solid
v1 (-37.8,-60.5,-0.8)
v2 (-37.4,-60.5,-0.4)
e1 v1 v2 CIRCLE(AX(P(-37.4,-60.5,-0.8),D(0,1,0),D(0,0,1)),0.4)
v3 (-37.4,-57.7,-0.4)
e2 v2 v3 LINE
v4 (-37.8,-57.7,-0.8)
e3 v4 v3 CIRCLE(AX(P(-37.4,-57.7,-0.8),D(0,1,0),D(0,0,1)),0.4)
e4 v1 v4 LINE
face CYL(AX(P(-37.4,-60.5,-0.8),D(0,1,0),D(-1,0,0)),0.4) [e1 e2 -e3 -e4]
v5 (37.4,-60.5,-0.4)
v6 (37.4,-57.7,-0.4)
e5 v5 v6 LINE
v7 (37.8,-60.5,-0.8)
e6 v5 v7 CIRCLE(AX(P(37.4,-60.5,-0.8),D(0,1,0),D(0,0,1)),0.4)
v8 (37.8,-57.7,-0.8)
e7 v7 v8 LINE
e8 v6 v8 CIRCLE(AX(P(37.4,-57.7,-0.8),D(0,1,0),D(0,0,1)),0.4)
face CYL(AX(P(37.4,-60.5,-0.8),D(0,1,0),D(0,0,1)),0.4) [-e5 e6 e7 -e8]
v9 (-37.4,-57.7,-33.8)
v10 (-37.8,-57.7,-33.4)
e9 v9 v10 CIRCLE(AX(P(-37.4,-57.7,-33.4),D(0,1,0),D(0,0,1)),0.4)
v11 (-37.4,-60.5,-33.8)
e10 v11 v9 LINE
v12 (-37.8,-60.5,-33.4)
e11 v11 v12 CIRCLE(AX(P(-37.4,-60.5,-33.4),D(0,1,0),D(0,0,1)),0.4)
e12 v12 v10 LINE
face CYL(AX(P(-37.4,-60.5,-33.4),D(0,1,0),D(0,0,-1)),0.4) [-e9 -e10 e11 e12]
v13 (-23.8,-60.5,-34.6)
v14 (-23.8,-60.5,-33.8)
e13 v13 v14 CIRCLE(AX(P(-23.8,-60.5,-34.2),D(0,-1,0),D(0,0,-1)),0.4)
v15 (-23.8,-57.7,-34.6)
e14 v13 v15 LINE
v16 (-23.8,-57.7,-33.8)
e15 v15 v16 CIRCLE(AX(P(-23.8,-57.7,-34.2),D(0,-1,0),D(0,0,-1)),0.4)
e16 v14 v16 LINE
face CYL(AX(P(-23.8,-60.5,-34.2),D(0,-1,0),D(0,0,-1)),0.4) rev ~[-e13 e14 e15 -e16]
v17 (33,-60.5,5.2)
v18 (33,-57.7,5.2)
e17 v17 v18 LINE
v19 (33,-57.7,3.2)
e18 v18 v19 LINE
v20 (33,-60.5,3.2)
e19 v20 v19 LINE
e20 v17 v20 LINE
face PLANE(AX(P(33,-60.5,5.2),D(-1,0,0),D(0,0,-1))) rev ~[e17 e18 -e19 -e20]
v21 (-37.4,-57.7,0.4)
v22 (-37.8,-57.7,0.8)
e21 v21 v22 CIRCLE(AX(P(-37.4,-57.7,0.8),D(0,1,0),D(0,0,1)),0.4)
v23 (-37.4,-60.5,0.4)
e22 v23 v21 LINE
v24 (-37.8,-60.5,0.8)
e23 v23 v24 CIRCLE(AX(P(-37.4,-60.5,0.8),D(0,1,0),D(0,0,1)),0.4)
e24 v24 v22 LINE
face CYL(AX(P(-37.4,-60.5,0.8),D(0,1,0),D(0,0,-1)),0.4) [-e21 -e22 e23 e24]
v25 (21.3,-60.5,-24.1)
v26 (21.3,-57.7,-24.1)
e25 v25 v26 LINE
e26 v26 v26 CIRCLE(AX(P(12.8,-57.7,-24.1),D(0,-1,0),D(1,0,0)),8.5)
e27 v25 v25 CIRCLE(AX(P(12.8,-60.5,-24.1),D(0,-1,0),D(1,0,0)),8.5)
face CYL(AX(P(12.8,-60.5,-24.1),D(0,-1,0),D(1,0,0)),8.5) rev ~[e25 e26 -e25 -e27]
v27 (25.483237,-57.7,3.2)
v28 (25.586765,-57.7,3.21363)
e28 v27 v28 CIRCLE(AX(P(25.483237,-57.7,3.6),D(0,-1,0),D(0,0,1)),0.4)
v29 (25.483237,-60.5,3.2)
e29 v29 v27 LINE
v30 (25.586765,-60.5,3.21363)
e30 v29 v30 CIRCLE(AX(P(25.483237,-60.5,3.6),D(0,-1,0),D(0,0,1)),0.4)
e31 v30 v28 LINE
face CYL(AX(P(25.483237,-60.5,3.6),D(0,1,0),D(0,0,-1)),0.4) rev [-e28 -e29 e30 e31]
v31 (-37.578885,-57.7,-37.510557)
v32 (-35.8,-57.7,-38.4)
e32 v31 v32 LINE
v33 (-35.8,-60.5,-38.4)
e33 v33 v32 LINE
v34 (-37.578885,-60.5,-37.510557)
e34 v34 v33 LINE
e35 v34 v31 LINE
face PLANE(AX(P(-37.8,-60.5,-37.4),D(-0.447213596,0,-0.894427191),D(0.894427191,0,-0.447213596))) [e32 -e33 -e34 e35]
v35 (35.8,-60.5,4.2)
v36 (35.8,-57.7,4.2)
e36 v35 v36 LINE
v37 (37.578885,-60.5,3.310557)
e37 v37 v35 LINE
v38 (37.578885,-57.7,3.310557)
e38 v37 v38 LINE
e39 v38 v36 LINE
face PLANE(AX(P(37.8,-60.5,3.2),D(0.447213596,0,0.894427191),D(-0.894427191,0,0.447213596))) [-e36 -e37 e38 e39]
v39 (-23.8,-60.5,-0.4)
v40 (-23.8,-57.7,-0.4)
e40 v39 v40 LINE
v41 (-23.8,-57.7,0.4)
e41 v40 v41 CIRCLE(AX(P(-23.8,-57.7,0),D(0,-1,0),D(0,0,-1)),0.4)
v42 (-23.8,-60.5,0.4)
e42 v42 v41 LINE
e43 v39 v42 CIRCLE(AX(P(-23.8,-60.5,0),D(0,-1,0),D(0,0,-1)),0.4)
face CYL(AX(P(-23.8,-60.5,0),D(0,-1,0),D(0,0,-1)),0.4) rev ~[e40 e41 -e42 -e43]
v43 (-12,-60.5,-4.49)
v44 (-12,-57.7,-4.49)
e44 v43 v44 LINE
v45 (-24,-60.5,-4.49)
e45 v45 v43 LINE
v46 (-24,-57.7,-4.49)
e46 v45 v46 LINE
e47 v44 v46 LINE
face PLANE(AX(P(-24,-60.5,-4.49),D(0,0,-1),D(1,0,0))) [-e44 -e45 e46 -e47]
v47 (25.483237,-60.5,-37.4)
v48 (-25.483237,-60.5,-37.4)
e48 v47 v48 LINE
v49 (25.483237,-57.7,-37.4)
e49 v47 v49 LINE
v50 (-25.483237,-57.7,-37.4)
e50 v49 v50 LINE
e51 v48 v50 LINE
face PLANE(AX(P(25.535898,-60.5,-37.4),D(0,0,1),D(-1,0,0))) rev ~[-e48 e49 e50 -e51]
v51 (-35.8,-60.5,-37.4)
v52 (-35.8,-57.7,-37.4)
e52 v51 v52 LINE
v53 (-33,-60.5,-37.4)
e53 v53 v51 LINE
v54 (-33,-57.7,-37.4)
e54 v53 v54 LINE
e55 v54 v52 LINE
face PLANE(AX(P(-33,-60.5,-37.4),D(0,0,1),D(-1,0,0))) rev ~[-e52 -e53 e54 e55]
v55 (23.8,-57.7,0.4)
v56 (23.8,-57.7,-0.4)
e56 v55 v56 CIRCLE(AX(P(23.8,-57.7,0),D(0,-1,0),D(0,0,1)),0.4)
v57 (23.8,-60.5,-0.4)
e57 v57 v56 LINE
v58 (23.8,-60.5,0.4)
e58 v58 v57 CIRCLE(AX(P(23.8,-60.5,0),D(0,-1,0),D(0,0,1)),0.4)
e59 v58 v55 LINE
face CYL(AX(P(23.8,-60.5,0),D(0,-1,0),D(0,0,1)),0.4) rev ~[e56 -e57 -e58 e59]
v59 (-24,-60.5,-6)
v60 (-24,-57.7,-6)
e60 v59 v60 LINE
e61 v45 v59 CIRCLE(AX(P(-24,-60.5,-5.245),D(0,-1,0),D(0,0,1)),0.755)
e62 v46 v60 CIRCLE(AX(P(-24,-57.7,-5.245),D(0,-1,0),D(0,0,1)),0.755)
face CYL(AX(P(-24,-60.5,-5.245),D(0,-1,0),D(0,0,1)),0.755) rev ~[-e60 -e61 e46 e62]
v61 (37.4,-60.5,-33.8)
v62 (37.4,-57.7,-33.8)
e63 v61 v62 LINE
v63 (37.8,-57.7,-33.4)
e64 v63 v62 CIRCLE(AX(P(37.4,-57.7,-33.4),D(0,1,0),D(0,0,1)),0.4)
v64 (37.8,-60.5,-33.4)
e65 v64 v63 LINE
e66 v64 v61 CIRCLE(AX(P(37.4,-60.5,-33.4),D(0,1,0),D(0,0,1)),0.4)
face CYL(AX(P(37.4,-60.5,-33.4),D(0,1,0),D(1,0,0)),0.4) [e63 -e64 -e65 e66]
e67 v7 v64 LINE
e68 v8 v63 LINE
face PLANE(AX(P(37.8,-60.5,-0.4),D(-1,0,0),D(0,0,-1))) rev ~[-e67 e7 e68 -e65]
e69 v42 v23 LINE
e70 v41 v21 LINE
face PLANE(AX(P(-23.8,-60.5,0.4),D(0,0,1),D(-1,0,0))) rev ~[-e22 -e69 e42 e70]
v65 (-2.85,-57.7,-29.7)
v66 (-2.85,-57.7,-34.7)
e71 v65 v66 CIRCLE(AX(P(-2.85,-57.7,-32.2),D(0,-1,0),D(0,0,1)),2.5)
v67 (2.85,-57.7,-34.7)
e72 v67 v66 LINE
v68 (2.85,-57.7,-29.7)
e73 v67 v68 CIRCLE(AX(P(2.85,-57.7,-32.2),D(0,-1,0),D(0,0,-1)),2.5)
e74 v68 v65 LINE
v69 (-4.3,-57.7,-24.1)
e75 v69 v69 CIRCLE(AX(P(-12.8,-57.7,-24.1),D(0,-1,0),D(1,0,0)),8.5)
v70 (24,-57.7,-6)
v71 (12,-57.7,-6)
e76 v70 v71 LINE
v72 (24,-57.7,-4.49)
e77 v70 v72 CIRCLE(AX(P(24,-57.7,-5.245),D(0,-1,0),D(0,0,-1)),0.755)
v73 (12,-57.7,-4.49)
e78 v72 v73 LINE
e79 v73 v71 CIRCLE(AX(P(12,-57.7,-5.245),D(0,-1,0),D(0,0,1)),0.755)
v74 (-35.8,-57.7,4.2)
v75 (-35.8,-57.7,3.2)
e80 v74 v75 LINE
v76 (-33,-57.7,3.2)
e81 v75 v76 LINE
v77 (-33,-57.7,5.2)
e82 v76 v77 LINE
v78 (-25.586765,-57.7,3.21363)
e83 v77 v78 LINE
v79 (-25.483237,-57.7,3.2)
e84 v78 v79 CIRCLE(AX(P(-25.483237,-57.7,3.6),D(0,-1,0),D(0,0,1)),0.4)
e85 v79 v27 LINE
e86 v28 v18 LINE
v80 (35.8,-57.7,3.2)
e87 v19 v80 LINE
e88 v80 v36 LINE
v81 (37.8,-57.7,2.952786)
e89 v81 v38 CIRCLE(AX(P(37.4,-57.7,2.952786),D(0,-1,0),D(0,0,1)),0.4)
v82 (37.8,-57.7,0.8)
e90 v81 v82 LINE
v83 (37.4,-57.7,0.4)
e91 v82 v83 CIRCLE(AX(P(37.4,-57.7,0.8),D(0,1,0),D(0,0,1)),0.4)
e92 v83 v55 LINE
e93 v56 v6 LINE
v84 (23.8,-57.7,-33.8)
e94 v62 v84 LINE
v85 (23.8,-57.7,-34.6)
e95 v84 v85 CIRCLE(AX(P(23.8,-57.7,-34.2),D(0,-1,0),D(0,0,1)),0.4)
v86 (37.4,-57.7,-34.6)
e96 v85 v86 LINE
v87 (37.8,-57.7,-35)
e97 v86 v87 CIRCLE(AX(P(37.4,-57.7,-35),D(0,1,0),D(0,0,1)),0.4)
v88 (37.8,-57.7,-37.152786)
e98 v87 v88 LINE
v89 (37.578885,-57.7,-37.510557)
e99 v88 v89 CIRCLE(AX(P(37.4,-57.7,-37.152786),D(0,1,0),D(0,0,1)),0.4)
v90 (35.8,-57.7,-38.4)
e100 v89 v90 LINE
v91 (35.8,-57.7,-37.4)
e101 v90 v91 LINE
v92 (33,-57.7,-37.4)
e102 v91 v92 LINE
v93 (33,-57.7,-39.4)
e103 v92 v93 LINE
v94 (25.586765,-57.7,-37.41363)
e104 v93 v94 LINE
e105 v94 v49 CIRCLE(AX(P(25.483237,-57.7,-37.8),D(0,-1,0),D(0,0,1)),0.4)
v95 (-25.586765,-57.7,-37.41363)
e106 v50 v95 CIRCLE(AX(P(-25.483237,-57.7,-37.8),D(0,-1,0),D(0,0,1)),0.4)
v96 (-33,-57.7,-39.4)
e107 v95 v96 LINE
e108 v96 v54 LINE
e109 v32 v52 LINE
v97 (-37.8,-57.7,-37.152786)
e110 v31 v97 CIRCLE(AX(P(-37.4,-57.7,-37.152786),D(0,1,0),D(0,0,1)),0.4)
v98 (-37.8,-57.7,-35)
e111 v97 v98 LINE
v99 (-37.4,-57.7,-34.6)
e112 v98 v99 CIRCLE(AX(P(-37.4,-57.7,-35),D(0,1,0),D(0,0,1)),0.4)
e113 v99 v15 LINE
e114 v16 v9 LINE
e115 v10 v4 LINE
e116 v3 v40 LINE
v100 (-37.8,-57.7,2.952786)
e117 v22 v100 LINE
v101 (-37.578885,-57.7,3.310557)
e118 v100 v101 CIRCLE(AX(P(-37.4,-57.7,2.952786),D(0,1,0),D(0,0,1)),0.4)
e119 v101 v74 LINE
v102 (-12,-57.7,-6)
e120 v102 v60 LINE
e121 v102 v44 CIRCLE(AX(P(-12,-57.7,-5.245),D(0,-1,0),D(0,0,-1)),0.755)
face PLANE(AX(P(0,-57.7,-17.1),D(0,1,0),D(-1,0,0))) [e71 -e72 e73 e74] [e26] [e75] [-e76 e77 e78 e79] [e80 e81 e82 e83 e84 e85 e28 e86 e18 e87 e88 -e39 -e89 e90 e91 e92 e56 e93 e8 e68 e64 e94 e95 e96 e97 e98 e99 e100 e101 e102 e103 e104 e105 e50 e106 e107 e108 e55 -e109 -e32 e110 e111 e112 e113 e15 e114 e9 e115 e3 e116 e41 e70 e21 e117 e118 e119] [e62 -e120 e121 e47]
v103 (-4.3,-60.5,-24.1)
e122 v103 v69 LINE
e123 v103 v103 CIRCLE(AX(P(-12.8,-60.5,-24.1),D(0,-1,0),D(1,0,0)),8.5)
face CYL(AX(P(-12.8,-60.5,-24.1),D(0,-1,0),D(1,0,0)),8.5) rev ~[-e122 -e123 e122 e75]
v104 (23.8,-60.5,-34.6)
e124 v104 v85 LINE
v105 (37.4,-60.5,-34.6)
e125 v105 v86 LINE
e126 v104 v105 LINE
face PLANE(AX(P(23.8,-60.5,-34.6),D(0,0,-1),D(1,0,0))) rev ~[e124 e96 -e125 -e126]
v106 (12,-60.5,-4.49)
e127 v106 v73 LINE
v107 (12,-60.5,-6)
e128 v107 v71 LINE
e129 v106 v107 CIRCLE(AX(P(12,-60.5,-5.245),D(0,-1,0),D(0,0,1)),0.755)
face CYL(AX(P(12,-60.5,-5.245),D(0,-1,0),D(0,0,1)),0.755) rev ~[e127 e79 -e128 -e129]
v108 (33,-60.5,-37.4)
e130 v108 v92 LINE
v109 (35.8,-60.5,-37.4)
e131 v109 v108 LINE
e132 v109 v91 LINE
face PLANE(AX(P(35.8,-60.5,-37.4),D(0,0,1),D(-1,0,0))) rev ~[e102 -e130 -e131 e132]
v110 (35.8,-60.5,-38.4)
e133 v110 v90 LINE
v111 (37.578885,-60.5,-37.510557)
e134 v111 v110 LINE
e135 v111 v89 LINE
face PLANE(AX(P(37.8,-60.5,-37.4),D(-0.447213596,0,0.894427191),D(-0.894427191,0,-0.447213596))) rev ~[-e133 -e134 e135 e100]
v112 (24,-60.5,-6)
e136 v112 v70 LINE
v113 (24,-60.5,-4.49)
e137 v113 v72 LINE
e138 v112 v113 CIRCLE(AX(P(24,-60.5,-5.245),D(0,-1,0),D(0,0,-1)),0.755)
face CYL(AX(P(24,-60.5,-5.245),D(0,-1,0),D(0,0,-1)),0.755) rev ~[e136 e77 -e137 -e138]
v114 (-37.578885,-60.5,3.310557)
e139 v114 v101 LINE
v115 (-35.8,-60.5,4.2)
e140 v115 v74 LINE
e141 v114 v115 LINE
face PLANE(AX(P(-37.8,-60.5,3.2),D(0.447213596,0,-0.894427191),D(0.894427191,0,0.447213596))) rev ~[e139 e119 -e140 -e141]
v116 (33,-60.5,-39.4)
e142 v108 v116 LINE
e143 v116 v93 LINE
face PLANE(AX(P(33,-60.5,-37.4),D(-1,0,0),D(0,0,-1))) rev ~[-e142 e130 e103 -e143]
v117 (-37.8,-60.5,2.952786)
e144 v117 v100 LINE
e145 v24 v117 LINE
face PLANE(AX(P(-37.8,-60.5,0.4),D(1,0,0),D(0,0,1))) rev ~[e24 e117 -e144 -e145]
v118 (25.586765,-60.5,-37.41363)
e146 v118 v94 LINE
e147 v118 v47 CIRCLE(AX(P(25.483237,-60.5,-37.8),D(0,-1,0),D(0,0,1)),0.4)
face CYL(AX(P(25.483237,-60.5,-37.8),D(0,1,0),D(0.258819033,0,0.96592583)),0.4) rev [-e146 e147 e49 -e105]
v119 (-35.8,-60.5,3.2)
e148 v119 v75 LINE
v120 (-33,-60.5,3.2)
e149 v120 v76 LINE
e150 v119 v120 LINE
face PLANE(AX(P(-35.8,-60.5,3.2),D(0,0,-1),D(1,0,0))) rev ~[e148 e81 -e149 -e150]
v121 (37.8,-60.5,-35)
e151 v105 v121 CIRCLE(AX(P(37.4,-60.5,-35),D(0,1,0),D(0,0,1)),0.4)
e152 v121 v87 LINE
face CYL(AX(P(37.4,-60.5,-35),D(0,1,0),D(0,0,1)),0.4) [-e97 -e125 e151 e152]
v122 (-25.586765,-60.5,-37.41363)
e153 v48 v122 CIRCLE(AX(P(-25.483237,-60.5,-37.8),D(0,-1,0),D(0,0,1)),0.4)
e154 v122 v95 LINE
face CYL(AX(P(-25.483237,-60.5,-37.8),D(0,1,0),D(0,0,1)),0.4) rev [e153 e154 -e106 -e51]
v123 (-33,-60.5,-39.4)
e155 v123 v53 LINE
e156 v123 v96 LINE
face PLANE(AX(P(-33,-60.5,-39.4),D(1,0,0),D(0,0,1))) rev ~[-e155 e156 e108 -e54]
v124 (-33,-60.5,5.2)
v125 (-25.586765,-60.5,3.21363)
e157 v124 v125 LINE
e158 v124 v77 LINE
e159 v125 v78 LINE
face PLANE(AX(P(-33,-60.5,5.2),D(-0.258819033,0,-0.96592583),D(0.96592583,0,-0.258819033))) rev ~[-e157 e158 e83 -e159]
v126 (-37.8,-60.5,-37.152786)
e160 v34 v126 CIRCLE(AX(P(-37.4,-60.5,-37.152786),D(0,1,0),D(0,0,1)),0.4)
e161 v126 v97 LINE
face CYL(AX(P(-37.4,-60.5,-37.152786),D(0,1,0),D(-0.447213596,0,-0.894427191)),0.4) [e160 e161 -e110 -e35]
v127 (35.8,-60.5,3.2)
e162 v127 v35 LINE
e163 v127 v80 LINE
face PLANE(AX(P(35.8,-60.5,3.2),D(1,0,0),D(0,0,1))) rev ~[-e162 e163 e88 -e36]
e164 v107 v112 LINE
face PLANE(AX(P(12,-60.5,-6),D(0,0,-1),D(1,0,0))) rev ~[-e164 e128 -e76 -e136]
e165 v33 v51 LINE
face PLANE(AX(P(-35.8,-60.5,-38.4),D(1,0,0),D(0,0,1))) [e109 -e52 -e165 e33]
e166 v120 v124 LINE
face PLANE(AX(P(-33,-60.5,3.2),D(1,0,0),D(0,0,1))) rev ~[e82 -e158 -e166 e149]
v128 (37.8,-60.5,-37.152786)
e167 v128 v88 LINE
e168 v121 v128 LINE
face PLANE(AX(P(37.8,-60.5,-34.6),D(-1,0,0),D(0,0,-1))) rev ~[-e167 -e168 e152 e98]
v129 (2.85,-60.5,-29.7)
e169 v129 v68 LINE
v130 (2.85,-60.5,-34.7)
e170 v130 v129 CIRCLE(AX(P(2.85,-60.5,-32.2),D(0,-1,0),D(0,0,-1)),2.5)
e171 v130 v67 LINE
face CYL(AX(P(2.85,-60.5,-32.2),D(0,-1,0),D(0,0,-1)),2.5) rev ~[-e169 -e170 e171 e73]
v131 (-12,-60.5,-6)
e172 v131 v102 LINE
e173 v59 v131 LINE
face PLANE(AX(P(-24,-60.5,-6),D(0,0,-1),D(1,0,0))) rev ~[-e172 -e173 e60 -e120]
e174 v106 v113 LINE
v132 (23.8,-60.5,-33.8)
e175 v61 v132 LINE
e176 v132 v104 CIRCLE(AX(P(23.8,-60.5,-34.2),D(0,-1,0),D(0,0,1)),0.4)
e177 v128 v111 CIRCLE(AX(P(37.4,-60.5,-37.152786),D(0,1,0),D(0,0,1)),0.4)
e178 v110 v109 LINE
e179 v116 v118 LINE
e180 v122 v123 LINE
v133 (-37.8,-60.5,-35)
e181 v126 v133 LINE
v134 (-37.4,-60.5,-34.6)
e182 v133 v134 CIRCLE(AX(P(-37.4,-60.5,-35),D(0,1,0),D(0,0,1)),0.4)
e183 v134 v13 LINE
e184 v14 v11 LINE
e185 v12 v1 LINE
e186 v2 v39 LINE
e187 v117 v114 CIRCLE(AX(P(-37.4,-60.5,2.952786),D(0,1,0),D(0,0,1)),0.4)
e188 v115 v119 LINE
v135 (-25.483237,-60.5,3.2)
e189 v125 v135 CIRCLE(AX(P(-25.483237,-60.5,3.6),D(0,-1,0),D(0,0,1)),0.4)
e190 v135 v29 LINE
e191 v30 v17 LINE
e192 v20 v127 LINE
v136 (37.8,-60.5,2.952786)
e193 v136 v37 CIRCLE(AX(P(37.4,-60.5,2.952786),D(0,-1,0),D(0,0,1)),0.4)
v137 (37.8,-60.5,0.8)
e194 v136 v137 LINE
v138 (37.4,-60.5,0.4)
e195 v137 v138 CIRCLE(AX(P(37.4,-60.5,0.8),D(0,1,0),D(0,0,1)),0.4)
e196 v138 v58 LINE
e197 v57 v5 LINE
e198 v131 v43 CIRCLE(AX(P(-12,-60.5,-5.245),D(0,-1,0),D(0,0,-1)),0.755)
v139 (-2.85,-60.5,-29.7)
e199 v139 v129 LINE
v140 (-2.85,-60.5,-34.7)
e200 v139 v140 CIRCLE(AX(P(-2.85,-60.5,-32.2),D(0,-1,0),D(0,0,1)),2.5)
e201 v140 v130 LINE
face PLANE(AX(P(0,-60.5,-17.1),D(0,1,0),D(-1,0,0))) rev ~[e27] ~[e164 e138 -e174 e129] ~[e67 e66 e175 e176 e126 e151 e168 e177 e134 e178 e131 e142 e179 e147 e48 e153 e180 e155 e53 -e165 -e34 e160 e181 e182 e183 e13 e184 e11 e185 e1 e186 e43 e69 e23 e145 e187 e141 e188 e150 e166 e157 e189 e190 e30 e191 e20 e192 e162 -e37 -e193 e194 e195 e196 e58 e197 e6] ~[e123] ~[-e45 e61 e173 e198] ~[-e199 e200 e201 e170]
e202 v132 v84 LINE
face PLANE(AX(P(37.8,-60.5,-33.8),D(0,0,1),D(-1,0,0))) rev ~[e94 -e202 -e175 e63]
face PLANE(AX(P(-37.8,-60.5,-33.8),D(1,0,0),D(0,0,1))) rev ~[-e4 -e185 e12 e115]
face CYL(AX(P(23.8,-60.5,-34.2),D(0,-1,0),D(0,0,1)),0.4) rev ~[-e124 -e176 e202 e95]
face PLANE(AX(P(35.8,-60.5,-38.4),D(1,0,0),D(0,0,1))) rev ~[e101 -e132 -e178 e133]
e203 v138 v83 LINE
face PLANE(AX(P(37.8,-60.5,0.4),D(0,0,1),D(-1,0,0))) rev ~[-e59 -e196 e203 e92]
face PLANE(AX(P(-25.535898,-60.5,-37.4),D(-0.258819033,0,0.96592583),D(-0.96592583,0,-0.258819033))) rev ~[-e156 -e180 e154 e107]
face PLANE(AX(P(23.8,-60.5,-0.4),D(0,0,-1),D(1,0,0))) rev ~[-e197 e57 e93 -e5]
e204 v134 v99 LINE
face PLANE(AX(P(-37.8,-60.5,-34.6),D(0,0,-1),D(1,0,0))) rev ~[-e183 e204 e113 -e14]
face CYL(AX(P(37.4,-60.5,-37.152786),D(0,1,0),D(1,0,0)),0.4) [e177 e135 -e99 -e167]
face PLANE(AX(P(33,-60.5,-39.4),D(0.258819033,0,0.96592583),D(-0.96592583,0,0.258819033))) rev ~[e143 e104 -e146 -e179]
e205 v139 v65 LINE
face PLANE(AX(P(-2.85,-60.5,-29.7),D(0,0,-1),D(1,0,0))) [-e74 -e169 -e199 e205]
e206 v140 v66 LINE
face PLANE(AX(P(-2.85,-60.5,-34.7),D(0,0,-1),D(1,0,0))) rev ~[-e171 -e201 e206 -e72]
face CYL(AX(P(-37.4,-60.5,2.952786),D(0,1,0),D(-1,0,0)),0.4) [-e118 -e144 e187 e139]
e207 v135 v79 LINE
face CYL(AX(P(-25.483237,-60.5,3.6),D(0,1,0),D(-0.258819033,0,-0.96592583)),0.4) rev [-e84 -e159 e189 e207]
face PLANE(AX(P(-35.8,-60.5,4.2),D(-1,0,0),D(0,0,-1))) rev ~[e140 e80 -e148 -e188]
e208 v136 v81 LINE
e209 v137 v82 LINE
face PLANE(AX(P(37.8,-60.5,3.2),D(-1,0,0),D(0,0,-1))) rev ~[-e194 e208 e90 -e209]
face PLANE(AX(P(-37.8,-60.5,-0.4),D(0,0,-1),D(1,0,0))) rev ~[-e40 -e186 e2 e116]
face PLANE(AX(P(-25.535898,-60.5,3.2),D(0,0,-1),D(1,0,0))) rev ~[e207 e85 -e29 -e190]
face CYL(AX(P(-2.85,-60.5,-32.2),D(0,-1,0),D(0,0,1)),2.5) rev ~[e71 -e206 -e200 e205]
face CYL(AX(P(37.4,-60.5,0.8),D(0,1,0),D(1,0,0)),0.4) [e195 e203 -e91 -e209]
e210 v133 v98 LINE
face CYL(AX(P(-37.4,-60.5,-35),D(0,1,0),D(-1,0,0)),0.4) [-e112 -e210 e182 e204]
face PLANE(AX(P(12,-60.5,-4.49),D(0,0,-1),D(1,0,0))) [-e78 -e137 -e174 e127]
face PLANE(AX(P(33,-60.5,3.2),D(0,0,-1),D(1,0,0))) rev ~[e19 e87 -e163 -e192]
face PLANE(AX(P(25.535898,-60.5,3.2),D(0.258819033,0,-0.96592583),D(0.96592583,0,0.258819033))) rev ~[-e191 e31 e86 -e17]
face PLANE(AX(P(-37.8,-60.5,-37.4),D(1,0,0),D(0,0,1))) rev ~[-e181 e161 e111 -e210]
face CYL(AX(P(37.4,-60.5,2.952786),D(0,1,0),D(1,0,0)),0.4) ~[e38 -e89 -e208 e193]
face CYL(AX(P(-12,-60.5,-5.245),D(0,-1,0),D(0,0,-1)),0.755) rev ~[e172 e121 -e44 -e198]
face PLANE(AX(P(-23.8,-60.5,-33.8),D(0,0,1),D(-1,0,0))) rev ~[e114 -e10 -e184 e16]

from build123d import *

# Parameters (mm, degrees)
PAD009_DEPTH    = 2.8
FILLET004_R     = 0.4
POCKET014_DEPTH = 2.801
SKETCH028_R     = 8.5
POCKET017_DEPTH = 2.801


with BuildPart() as part:
    # Sketch009 → Pad009 (new body)
    with BuildSketch(Plane.XZ.offset(60.5)):
        with BuildLine():
            Line((37.8, 3.2), (37.8, 0.4))
            Line((37.8, 0.4), (23.8, 0.4))
            ThreePointArc((23.8, 0.4), (23.4, 0), (23.8, -0.4))
            Line((23.8, -0.4), (37.8, -0.4))
            Line((37.8, -0.4), (37.8, -33.8))
            Line((37.8, -33.8), (23.8, -33.8))
            ThreePointArc((23.8, -33.8), (23.4, -34.2), (23.8, -34.6))
            Line((23.8, -34.6), (37.8, -34.6))
            Line((37.8, -34.6), (37.8, -37.4))
            Line((37.8, -37.4), (35.8, -38.4))
            Line((35.8, -38.4), (35.8, -37.4))
            Line((35.8, -37.4), (33, -37.4))
            Line((33, -37.4), (33, -39.4))
            Line((33, -39.4), (25.535898, -37.4))
            Line((25.535898, -37.4), (-25.535898, -37.4))
            Line((-25.535898, -37.4), (-33, -39.4))
            Line((-33, -39.4), (-33, -37.4))
            Line((-33, -37.4), (-35.8, -37.4))
            Line((-35.8, -38.4), (-35.8, -37.4))
            Line((-37.8, -37.4), (-35.8, -38.4))
            Line((-37.8, -37.4), (-37.8, -34.6))
            Line((-37.8, -34.6), (-23.8, -34.6))
            ThreePointArc((-23.8, -34.6), (-23.4, -34.2), (-23.8, -33.8))
            Line((-23.8, -33.8), (-37.8, -33.8))
            Line((-37.8, -33.8), (-37.8, -0.4))
            Line((-37.8, -0.4), (-23.8, -0.4))
            ThreePointArc((-23.8, -0.4), (-23.4, 0), (-23.8, 0.4))
            Line((-23.8, 0.4), (-37.8, 0.4))
            Line((-37.8, 0.4), (-37.8, 3.2))
            Line((-37.8, 3.2), (-35.8, 4.2))
            Line((-35.8, 4.2), (-35.8, 3.2))
            Line((-35.8, 3.2), (-33, 3.2))
            Line((-33, 3.2), (-33, 5.2))
            Line((-33, 5.2), (-25.535898, 3.2))
            Line((-25.535898, 3.2), (25.535898, 3.2))
            Line((25.535898, 3.2), (33, 5.2))
            Line((33, 5.2), (33, 3.2))
            Line((33, 3.2), (35.8, 3.2))
            Line((35.8, 3.2), (35.8, 4.2))
            Line((37.8, 3.2), (35.8, 4.2))
        make_face()
    extrude(amount=-PAD009_DEPTH)

    # Fillet004
    fillet004_edges = [part.edges().sort_by_distance(p)[0] for p in [
        (37.8, -59.1, -0.4),
        (37.8, -59.1, 0.4),
        (37.8, -59.1, 3.2),
        (25.535898, -59.1, 3.2),
        (-25.535898, -59.1, 3.2),
        (-37.8, -59.1, 3.2),
        (-37.8, -59.1, 0.4),
        (-37.8, -59.1, -0.4),
        (-37.8, -59.1, -33.8),
        (-37.8, -59.1, -34.6),
        (-37.8, -59.1, -37.4),
        (-25.535898, -59.1, -37.4),
        (25.535898, -59.1, -37.4),
        (37.8, -59.1, -37.4),
        (37.8, -59.1, -34.6),
        (37.8, -59.1, -33.8),
    ]]
    fillet(fillet004_edges, radius=FILLET004_R)

    # Sketch025 → Pocket014 (cut, through all)
    with BuildSketch(Plane.XZ.offset(60.5)):
        with BuildLine():
            ThreePointArc((-24, -4.49), (-24.755, -5.245), (-24, -6))
            Line((-24, -6), (-12, -6))
            ThreePointArc((-12, -6), (-11.245, -5.245), (-12, -4.49))
            Line((-24, -4.49), (-12, -4.49))
        make_face()
        with BuildLine():
            ThreePointArc((12, -4.49), (11.245, -5.245), (12, -6))
            Line((12, -6), (24, -6))
            ThreePointArc((24, -6), (24.755, -5.245), (24, -4.49))
            Line((12, -4.49), (24, -4.49))
        make_face()
    extrude(amount=-POCKET014_DEPTH, mode=Mode.SUBTRACT)

    # Sketch028 → Pocket017 (cut, through all)
    with BuildSketch(Plane.XZ.offset(60.5)):
        with Locations((-12.8, -24.1)):
            Circle(SKETCH028_R)
        with Locations((12.8, -24.1)):
            Circle(SKETCH028_R)
        with BuildLine():
            ThreePointArc((-2.85, -29.7), (-5.35, -32.2), (-2.85, -34.7))
            Line((-2.85, -34.7), (2.85, -34.7))
            ThreePointArc((2.85, -34.7), (5.35, -32.2), (2.85, -29.7))
            Line((-2.85, -29.7), (2.85, -29.7))
        make_face()
    extrude(amount=-POCKET017_DEPTH, mode=Mode.SUBTRACT)


solid = part.part
